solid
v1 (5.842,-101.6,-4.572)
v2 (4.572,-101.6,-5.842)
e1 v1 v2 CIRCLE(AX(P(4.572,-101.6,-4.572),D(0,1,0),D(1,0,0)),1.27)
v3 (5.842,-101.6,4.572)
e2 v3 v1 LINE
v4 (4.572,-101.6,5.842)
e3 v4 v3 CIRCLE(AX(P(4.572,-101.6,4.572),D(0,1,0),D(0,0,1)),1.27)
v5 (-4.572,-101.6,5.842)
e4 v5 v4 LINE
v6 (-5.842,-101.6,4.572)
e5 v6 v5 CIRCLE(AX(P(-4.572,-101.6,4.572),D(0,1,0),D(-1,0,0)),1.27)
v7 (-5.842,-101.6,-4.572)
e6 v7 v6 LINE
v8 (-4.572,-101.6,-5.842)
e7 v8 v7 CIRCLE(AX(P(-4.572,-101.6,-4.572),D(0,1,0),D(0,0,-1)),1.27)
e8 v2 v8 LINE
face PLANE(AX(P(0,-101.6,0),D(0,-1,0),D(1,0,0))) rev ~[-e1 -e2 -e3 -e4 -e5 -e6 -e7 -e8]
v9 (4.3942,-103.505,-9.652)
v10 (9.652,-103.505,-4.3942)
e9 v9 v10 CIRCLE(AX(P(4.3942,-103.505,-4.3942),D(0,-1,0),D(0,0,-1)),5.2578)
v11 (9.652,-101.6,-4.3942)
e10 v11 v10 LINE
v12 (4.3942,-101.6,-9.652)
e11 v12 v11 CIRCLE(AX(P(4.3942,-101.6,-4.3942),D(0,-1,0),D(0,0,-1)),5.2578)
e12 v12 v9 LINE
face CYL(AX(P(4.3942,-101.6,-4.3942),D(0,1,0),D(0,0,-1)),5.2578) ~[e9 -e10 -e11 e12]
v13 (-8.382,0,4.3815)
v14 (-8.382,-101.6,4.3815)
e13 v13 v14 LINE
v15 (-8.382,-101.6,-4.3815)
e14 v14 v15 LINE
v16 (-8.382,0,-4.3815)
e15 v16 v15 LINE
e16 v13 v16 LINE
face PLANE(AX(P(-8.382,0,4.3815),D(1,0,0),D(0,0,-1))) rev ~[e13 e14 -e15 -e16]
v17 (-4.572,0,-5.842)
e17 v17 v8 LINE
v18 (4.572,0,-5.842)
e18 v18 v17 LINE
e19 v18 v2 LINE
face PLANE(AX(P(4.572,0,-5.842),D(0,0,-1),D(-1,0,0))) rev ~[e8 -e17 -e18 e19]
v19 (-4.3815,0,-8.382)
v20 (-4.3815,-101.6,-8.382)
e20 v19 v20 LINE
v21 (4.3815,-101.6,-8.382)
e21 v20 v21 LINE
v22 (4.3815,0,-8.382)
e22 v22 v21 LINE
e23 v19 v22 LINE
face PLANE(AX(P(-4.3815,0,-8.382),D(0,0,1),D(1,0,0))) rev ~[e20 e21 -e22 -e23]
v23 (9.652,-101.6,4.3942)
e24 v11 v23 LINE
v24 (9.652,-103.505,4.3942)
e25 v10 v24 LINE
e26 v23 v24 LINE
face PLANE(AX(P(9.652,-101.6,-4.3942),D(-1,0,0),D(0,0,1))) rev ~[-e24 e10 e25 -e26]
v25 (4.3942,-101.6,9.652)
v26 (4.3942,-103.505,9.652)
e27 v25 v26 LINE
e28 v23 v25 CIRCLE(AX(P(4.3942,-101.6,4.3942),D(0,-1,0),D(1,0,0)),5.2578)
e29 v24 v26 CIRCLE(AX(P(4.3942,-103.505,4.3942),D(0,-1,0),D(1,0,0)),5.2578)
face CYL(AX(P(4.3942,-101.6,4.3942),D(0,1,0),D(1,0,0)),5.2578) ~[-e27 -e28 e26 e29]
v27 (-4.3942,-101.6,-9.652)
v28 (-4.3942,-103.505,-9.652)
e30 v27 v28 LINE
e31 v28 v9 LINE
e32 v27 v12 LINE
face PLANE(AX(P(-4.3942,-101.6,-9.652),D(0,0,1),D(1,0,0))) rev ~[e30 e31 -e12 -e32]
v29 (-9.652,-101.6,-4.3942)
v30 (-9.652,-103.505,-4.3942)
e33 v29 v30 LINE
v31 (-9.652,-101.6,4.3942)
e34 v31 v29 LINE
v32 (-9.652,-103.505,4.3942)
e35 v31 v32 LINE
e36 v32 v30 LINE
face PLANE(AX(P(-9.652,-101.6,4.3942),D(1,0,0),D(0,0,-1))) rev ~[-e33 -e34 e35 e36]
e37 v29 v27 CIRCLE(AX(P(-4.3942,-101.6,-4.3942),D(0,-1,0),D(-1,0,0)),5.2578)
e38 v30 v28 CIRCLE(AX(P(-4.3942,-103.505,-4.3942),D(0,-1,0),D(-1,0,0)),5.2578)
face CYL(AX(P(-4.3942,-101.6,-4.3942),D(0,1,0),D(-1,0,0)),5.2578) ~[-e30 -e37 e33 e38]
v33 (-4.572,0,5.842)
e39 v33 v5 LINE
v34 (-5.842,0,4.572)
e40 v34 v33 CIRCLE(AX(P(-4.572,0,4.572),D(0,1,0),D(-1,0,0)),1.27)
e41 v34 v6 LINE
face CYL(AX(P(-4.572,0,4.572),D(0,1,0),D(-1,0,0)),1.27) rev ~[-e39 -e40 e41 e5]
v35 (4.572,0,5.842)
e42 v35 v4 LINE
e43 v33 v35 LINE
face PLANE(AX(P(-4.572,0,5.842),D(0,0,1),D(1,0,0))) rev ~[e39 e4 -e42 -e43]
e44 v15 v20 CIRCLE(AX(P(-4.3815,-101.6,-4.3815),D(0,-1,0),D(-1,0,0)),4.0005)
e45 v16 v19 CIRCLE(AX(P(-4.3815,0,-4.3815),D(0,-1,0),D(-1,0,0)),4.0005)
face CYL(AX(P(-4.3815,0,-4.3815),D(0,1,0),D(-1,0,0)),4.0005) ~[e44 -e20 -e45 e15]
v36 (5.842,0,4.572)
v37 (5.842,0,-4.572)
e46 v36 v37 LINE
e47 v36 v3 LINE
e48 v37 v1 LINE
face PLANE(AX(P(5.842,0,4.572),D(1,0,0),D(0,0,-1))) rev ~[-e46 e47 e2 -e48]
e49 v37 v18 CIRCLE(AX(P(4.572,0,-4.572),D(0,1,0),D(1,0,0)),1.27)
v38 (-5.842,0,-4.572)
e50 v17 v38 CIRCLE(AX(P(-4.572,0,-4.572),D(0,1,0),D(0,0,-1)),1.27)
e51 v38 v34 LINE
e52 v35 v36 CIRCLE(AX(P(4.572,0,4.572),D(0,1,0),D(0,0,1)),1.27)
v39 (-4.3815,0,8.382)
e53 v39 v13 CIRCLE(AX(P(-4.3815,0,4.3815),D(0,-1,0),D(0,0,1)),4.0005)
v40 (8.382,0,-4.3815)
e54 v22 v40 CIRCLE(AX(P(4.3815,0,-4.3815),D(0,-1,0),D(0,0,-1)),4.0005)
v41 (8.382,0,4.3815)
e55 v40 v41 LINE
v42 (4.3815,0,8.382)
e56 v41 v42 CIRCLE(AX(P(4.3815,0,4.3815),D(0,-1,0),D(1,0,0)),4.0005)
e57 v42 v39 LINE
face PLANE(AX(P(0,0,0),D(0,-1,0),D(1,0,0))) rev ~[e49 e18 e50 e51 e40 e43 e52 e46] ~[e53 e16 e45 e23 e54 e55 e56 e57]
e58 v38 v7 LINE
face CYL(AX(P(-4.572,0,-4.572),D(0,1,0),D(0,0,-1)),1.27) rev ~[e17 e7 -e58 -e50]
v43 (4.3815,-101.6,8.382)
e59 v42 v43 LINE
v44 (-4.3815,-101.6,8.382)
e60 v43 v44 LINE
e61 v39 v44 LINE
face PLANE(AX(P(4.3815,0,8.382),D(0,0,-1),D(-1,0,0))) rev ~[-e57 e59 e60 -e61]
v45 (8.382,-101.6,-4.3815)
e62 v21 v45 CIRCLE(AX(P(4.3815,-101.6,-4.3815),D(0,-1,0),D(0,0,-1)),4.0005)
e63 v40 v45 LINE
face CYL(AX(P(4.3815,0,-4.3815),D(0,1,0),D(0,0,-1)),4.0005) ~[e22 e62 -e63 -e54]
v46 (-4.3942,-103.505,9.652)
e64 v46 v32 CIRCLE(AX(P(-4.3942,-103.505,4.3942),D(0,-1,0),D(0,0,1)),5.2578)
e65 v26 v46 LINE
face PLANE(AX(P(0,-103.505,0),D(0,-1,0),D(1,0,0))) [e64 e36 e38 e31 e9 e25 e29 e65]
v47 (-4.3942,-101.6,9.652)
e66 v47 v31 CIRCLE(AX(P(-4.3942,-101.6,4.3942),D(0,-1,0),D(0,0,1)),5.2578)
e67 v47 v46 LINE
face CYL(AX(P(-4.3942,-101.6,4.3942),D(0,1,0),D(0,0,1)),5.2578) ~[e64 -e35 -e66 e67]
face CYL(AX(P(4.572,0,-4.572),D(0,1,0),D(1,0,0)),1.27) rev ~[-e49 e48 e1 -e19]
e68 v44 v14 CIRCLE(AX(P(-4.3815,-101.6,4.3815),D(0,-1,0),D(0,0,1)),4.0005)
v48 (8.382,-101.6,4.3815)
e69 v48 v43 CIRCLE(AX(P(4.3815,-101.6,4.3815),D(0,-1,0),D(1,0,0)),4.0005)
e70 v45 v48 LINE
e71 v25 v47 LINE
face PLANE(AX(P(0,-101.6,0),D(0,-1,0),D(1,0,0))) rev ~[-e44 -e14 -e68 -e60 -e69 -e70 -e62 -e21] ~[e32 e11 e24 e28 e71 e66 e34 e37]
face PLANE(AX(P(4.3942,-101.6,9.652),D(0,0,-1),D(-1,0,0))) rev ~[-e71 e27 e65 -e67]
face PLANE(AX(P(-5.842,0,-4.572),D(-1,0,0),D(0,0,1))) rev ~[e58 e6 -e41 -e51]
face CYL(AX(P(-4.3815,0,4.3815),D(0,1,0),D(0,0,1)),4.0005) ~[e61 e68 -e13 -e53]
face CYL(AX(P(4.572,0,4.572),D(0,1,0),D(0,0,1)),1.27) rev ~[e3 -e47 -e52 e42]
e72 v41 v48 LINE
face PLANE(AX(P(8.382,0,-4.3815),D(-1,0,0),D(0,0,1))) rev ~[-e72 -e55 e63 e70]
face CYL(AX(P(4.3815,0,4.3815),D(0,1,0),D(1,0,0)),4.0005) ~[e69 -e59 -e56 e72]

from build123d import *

# Parameters (mm, degrees)
F1_DEPTH = 101.6
F3_DEPTH = 1.905


with BuildPart() as f1:
    # F0 (on Front) → F1 (new body)
    with BuildSketch(Plane.XZ):
        with BuildLine():
            Line((-4.3815, -8.382), (4.3815, -8.382))
            ThreePointArc((4.3815, -8.382), (7.2102806781, -7.2102806781), (8.382, -4.3815))
            Line((8.382, -4.3815), (8.382, 4.3815))
            ThreePointArc((8.382, 4.3815), (7.2102806781, 7.2102806781), (4.3815, 8.382))
            Line((4.3815, 8.382), (-4.3815, 8.382))
            ThreePointArc((-4.3815, 8.382), (-7.2102806781, 7.2102806781), (-8.382, 4.3815))
            Line((-8.382, 4.3815), (-8.382, -4.3815))
            ThreePointArc((-8.382, -4.3815), (-7.2102806781, -7.2102806781), (-4.3815, -8.382))
        make_face()
        with BuildLine():
            Line((-4.572, 5.842), (4.572, 5.842))
            ThreePointArc((4.572, 5.842), (5.4700256121, 5.4700256121), (5.842, 4.572))
            Line((5.842, 4.572), (5.842, -4.572))
            ThreePointArc((5.842, -4.572), (5.4700256121, -5.4700256121), (4.572, -5.842))
            Line((4.572, -5.842), (-4.572, -5.842))
            ThreePointArc((-4.572, -5.842), (-5.4700256121, -5.4700256121), (-5.842, -4.572))
            Line((-5.842, -4.572), (-5.842, 4.572))
            ThreePointArc((-5.842, 4.572), (-5.4700256121, 5.4700256121), (-4.572, 5.842))
        make_face(mode=Mode.SUBTRACT)
    extrude(amount=F1_DEPTH)

    # F2 (on face) → F3 (join)
    with BuildSketch(Plane.XZ.offset(101.6)):
        with BuildLine():
            Line((-4.3942, -9.652), (4.3942, -9.652))
            ThreePointArc((4.3942, -9.652), (8.1120260341, -8.1120260341), (9.652, -4.3942))
            Line((9.652, -4.3942), (9.652, 4.3942))
            ThreePointArc((9.652, 4.3942), (8.1120260341, 8.1120260341), (4.3942, 9.652))
            Line((4.3942, 9.652), (-4.3942, 9.652))
            ThreePointArc((-4.3942, 9.652), (-8.1120260341, 8.1120260341), (-9.652, 4.3942))
            Line((-9.652, 4.3942), (-9.652, -4.3942))
            ThreePointArc((-9.652, -4.3942), (-8.1120260341, -8.1120260341), (-4.3942, -9.652))
        make_face()
        with BuildLine():
            Line((4.3815, -8.382), (-4.3815, -8.382))
            ThreePointArc((-4.3815, -8.382), (-7.2102806781, -7.2102806781), (-8.382, -4.3815))
            Line((-8.382, -4.3815), (-8.382, 4.3815))
            ThreePointArc((-8.382, 4.3815), (-7.2102806781, 7.2102806781), (-4.3815, 8.382))
            Line((-4.3815, 8.382), (4.3815, 8.382))
            ThreePointArc((4.3815, 8.382), (7.2102806781, 7.2102806781), (8.382, 4.3815))
            Line((8.382, 4.3815), (8.382, -4.3815))
            ThreePointArc((8.382, -4.3815), (7.2102806781, -7.2102806781), (4.3815, -8.382))
        make_face(mode=Mode.SUBTRACT)
        with BuildLine():
            ThreePointArc((-8.382, -4.3815), (-7.2102806781, -7.2102806781), (-4.3815, -8.382))
            Line((-4.3815, -8.382), (4.3815, -8.382))
            ThreePointArc((4.3815, -8.382), (7.2102806781, -7.2102806781), (8.382, -4.3815))
            Line((8.382, -4.3815), (8.382, 4.3815))
            ThreePointArc((8.382, 4.3815), (7.2102806781, 7.2102806781), (4.3815, 8.382))
            Line((4.3815, 8.382), (-4.3815, 8.382))
            ThreePointArc((-4.3815, 8.382), (-7.2102806781, 7.2102806781), (-8.382, 4.3815))
            Line((-8.382, 4.3815), (-8.382, -4.3815))
        make_face()
        with BuildLine():
            ThreePointArc((-5.842, 4.572), (-5.4700256121, 5.4700256121), (-4.572, 5.842))
            Line((-4.572, 5.842), (4.572, 5.842))
            ThreePointArc((4.572, 5.842), (5.4700256121, 5.4700256121), (5.842, 4.572))
            Line((5.842, 4.572), (5.842, -4.572))
            ThreePointArc((5.842, -4.572), (5.4700256121, -5.4700256121), (4.572, -5.842))
            Line((4.572, -5.842), (-4.572, -5.842))
            ThreePointArc((-4.572, -5.842), (-5.4700256121, -5.4700256121), (-5.842, -4.572))
            Line((-5.842, -4.572), (-5.842, 4.572))
        make_face(mode=Mode.SUBTRACT)
        with BuildLine():
            Line((4.572, 5.842), (-4.572, 5.842))
            ThreePointArc((-4.572, 5.842), (-5.4700256121, 5.4700256121), (-5.842, 4.572))
            Line((-5.842, 4.572), (-5.842, -4.572))
            ThreePointArc((-5.842, -4.572), (-5.4700256121, -5.4700256121), (-4.572, -5.842))
            Line((-4.572, -5.842), (4.572, -5.842))
            ThreePointArc((4.572, -5.842), (5.4700256121, -5.4700256121), (5.842, -4.572))
            Line((5.842, -4.572), (5.842, 4.572))
            ThreePointArc((5.842, 4.572), (5.4700256121, 5.4700256121), (4.572, 5.842))
        make_face()
    extrude(amount=F3_DEPTH)


solid = f1.part
